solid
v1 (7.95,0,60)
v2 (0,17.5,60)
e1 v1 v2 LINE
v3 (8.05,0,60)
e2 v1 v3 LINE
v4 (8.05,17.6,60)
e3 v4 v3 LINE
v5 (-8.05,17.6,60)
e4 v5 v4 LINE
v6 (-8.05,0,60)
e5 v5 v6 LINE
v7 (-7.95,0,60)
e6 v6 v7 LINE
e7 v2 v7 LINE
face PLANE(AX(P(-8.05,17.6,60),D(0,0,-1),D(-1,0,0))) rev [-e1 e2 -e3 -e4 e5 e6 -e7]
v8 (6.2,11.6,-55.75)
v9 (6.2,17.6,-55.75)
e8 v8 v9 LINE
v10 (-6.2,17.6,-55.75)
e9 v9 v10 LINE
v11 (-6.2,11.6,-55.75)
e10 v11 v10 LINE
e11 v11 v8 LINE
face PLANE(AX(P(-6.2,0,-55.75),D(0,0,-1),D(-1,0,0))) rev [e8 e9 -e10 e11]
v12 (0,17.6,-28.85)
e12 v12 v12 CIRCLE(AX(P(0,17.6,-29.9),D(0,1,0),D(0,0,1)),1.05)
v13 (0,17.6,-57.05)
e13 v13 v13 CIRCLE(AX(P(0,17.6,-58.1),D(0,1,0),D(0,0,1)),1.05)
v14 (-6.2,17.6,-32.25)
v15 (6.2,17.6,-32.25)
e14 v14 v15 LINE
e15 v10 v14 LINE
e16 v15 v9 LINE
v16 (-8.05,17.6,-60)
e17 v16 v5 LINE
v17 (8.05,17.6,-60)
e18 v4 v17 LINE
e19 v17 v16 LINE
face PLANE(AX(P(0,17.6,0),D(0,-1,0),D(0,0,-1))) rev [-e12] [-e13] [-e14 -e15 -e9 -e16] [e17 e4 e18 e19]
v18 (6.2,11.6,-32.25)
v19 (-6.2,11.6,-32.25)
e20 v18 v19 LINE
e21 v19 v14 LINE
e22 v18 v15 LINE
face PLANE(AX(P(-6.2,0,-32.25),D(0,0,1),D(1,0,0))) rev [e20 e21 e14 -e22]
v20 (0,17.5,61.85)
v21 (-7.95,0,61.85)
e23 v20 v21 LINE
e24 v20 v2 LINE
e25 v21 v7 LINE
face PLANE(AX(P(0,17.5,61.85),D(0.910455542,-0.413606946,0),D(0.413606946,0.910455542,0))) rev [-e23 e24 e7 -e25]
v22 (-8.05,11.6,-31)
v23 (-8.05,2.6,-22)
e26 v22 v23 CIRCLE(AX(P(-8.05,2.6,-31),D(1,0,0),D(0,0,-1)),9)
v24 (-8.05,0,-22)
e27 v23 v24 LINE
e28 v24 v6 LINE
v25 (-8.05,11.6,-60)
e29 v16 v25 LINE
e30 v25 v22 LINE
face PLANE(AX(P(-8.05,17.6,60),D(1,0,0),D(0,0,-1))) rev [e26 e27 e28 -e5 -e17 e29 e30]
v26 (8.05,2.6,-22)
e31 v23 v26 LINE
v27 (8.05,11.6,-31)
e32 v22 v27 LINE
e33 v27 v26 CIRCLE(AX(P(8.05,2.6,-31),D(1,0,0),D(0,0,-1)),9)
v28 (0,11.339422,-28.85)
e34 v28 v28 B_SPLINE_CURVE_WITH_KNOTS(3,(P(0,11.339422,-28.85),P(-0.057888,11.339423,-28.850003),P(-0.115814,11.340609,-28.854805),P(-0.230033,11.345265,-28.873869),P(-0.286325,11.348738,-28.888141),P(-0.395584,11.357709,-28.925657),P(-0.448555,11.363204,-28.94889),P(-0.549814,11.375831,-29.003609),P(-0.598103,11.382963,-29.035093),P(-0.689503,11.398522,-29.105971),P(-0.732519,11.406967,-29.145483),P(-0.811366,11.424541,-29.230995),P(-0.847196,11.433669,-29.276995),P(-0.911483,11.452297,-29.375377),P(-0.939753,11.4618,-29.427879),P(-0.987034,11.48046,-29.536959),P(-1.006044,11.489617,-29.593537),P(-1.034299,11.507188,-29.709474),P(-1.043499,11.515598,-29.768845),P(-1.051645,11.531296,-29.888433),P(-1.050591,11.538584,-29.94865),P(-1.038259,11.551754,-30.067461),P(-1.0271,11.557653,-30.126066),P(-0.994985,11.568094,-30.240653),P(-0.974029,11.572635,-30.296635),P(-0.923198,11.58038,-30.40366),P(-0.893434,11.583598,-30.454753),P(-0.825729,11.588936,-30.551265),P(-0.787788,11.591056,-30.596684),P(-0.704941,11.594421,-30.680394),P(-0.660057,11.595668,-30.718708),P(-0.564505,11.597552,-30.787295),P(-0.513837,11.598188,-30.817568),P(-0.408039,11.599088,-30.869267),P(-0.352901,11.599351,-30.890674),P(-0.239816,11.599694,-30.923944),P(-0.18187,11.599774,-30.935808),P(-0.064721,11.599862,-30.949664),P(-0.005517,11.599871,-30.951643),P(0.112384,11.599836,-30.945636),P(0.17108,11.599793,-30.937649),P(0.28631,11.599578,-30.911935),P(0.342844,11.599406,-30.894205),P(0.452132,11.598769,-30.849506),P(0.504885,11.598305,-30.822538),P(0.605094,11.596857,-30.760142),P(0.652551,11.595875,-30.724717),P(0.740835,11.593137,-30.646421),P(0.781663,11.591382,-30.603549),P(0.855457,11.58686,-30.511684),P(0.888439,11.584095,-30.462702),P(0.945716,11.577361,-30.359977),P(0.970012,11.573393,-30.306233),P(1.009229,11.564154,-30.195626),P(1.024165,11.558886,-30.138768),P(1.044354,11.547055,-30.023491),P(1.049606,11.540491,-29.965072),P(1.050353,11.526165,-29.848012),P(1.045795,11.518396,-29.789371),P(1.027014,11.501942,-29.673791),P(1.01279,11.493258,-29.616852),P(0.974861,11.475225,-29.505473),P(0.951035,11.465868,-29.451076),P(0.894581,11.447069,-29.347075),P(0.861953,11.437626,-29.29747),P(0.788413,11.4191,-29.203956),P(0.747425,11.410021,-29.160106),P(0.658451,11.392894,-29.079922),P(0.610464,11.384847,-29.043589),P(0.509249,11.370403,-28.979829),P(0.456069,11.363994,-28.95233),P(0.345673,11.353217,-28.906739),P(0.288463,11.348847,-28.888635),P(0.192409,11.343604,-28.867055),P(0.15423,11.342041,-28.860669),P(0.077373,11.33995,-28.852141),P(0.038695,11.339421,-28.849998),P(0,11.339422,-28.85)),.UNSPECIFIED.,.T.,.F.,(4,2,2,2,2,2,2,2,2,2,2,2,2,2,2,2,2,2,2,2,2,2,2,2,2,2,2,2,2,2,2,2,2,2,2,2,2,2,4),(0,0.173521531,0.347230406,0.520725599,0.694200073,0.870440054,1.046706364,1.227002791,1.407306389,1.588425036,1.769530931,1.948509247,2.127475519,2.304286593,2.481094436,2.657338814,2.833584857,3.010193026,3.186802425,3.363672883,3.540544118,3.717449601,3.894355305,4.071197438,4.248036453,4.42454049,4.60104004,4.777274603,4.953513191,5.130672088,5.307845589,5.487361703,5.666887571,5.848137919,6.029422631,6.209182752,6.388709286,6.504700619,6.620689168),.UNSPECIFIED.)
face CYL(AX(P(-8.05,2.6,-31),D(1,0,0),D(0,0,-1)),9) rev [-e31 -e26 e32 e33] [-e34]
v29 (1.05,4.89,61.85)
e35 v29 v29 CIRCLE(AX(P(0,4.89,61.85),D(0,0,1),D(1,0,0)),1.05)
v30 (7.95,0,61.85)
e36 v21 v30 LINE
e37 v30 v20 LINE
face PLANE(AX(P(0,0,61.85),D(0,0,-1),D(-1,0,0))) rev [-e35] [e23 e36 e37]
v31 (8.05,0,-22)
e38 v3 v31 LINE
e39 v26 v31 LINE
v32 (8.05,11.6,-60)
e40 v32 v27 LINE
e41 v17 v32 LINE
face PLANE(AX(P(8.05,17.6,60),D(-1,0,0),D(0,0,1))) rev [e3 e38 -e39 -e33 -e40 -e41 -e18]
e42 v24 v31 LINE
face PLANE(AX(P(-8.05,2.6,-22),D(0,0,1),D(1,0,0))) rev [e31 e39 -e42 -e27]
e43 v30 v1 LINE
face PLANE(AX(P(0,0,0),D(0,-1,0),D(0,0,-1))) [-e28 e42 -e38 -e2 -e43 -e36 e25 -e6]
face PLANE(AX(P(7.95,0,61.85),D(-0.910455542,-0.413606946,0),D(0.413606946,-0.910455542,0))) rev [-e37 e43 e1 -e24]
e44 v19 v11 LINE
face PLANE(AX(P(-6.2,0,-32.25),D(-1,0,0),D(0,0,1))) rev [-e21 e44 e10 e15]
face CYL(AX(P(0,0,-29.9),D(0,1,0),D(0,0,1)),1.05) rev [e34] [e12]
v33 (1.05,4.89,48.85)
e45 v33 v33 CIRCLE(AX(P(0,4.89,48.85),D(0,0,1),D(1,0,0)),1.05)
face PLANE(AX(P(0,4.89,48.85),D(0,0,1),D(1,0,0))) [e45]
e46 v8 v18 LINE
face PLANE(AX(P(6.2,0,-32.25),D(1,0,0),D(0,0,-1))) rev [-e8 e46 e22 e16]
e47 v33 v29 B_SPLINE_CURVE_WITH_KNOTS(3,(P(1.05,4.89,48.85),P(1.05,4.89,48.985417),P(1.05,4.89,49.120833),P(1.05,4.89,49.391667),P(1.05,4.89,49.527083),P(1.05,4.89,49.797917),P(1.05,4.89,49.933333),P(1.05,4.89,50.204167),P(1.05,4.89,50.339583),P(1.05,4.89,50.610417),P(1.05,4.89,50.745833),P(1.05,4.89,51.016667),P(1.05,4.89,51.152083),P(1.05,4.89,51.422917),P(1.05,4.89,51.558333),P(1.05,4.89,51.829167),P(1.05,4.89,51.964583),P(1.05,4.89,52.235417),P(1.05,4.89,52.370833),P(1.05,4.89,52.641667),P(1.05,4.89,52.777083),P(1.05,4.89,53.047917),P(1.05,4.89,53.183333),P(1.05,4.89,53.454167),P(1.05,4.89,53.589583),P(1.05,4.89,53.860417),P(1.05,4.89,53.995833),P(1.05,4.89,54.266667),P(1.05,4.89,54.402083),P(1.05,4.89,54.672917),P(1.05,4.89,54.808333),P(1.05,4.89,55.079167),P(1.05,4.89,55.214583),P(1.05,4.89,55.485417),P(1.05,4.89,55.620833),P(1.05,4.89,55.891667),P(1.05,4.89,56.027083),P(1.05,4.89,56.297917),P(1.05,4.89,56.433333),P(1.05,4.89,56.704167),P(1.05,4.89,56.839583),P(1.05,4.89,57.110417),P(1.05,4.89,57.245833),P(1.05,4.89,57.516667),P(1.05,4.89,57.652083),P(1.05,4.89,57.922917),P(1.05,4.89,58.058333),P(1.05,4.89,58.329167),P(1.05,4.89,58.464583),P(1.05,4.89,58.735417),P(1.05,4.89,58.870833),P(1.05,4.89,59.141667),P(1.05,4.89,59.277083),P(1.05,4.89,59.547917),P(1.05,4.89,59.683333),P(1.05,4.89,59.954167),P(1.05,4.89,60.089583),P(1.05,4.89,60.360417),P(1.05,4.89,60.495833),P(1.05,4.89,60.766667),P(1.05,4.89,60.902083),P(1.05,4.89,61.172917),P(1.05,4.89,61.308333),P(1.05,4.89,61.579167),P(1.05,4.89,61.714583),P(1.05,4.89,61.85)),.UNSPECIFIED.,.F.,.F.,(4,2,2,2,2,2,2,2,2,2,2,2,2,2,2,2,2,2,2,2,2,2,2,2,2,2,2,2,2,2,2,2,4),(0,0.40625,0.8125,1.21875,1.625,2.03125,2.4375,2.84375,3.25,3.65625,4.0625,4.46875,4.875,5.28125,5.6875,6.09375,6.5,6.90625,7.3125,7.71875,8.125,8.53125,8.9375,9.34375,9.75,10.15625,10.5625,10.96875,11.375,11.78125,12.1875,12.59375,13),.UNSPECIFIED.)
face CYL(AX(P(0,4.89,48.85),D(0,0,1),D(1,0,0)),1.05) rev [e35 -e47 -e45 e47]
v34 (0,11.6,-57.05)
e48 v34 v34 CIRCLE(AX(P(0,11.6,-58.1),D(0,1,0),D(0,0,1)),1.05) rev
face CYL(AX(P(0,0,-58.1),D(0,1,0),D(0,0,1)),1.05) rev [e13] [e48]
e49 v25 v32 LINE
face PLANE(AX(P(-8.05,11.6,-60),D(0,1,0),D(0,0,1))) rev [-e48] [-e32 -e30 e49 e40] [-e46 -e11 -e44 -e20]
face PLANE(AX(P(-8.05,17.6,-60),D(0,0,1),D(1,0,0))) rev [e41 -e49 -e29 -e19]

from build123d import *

# Parameters (mm, degrees)
SKIZZE1_W                       = 16.1
SKIZZE1_H                       = 120
AUFSATZ_LINEAR_AUSTRAGEN1_DEPTH = 17.6
AUFSATZ_LINEAR_AUSTRAGEN2_DEPTH = 1.85
SKIZZE3_R                       = 1.05
SCHNITT_LINEAR_AUSTRAGEN1_DEPTH = 13
SKIZZE4_R                       = 1.05
SKIZZE4_W                       = 12.4
SKIZZE4_H                       = 23.5
SCHNITT_LINEAR_AUSTRAGEN2_DEPTH = 65.807291256
SCHNITT_LINEAR_AUSTRAGEN3_DEPTH = 67.29021421


with BuildPart() as part:
    # Skizze1 → Aufsatz-Linear austragen1 (new body)
    with BuildSketch(Plane(origin=(0, 0, 0), x_dir=(1, 0, 0), z_dir=(0, 1, 0))):
        Rectangle(SKIZZE1_W, SKIZZE1_H)
    extrude(amount=AUFSATZ_LINEAR_AUSTRAGEN1_DEPTH)

    # Skizze2 → Aufsatz-Linear austragen2 (add)
    with BuildSketch(Plane.XY.offset(60)):
        Polygon((0, 17.5), (-7.95, 0), (7.95, 0), align=None)
    extrude(amount=AUFSATZ_LINEAR_AUSTRAGEN2_DEPTH)

    # Skizze3 → Schnitt-Linear austragen1 (cut)
    with BuildSketch(Plane.XY.offset(61.85)):
        with Locations((0, 4.89)):
            Circle(SKIZZE3_R)
    extrude(amount=-SCHNITT_LINEAR_AUSTRAGEN1_DEPTH, mode=Mode.SUBTRACT)

    # Skizze4 → Schnitt-Linear austragen2 (cut, through all)
    with BuildSketch(Plane(origin=(0, 17.6, 0), x_dir=(1, 0, 0), z_dir=(0, 1, 0))):
        with Locations(Location((0, 58.1, 0), (0, 0, 270))):
            Circle(SKIZZE4_R)
        with Locations(Location((0, 29.9, 0), (0, 0, 270))):
            Circle(SKIZZE4_R)
        with Locations((0, 44)):
            Rectangle(SKIZZE4_W, SKIZZE4_H)
    extrude(amount=-SCHNITT_LINEAR_AUSTRAGEN2_DEPTH, mode=Mode.SUBTRACT)

    # Skizze5 → Schnitt-Linear austragen3 (cut, through all)
    with BuildSketch(Plane(origin=(8.05, 0, 0), x_dir=(0, 0, -1), z_dir=(1, 0, 0))):
        with BuildLine():
            Line((60, 11.6), (31, 11.6))
            ThreePointArc((31, 11.6), (24.636038969, 8.963961031), (22, 2.6))
            Line((22, 2.6), (22, 0))
            Line((22, 0), (60, 0))
            Line((60, 0), (60, 11.6))
        make_face()
    extrude(amount=-SCHNITT_LINEAR_AUSTRAGEN3_DEPTH, mode=Mode.SUBTRACT)


solid = part.part
